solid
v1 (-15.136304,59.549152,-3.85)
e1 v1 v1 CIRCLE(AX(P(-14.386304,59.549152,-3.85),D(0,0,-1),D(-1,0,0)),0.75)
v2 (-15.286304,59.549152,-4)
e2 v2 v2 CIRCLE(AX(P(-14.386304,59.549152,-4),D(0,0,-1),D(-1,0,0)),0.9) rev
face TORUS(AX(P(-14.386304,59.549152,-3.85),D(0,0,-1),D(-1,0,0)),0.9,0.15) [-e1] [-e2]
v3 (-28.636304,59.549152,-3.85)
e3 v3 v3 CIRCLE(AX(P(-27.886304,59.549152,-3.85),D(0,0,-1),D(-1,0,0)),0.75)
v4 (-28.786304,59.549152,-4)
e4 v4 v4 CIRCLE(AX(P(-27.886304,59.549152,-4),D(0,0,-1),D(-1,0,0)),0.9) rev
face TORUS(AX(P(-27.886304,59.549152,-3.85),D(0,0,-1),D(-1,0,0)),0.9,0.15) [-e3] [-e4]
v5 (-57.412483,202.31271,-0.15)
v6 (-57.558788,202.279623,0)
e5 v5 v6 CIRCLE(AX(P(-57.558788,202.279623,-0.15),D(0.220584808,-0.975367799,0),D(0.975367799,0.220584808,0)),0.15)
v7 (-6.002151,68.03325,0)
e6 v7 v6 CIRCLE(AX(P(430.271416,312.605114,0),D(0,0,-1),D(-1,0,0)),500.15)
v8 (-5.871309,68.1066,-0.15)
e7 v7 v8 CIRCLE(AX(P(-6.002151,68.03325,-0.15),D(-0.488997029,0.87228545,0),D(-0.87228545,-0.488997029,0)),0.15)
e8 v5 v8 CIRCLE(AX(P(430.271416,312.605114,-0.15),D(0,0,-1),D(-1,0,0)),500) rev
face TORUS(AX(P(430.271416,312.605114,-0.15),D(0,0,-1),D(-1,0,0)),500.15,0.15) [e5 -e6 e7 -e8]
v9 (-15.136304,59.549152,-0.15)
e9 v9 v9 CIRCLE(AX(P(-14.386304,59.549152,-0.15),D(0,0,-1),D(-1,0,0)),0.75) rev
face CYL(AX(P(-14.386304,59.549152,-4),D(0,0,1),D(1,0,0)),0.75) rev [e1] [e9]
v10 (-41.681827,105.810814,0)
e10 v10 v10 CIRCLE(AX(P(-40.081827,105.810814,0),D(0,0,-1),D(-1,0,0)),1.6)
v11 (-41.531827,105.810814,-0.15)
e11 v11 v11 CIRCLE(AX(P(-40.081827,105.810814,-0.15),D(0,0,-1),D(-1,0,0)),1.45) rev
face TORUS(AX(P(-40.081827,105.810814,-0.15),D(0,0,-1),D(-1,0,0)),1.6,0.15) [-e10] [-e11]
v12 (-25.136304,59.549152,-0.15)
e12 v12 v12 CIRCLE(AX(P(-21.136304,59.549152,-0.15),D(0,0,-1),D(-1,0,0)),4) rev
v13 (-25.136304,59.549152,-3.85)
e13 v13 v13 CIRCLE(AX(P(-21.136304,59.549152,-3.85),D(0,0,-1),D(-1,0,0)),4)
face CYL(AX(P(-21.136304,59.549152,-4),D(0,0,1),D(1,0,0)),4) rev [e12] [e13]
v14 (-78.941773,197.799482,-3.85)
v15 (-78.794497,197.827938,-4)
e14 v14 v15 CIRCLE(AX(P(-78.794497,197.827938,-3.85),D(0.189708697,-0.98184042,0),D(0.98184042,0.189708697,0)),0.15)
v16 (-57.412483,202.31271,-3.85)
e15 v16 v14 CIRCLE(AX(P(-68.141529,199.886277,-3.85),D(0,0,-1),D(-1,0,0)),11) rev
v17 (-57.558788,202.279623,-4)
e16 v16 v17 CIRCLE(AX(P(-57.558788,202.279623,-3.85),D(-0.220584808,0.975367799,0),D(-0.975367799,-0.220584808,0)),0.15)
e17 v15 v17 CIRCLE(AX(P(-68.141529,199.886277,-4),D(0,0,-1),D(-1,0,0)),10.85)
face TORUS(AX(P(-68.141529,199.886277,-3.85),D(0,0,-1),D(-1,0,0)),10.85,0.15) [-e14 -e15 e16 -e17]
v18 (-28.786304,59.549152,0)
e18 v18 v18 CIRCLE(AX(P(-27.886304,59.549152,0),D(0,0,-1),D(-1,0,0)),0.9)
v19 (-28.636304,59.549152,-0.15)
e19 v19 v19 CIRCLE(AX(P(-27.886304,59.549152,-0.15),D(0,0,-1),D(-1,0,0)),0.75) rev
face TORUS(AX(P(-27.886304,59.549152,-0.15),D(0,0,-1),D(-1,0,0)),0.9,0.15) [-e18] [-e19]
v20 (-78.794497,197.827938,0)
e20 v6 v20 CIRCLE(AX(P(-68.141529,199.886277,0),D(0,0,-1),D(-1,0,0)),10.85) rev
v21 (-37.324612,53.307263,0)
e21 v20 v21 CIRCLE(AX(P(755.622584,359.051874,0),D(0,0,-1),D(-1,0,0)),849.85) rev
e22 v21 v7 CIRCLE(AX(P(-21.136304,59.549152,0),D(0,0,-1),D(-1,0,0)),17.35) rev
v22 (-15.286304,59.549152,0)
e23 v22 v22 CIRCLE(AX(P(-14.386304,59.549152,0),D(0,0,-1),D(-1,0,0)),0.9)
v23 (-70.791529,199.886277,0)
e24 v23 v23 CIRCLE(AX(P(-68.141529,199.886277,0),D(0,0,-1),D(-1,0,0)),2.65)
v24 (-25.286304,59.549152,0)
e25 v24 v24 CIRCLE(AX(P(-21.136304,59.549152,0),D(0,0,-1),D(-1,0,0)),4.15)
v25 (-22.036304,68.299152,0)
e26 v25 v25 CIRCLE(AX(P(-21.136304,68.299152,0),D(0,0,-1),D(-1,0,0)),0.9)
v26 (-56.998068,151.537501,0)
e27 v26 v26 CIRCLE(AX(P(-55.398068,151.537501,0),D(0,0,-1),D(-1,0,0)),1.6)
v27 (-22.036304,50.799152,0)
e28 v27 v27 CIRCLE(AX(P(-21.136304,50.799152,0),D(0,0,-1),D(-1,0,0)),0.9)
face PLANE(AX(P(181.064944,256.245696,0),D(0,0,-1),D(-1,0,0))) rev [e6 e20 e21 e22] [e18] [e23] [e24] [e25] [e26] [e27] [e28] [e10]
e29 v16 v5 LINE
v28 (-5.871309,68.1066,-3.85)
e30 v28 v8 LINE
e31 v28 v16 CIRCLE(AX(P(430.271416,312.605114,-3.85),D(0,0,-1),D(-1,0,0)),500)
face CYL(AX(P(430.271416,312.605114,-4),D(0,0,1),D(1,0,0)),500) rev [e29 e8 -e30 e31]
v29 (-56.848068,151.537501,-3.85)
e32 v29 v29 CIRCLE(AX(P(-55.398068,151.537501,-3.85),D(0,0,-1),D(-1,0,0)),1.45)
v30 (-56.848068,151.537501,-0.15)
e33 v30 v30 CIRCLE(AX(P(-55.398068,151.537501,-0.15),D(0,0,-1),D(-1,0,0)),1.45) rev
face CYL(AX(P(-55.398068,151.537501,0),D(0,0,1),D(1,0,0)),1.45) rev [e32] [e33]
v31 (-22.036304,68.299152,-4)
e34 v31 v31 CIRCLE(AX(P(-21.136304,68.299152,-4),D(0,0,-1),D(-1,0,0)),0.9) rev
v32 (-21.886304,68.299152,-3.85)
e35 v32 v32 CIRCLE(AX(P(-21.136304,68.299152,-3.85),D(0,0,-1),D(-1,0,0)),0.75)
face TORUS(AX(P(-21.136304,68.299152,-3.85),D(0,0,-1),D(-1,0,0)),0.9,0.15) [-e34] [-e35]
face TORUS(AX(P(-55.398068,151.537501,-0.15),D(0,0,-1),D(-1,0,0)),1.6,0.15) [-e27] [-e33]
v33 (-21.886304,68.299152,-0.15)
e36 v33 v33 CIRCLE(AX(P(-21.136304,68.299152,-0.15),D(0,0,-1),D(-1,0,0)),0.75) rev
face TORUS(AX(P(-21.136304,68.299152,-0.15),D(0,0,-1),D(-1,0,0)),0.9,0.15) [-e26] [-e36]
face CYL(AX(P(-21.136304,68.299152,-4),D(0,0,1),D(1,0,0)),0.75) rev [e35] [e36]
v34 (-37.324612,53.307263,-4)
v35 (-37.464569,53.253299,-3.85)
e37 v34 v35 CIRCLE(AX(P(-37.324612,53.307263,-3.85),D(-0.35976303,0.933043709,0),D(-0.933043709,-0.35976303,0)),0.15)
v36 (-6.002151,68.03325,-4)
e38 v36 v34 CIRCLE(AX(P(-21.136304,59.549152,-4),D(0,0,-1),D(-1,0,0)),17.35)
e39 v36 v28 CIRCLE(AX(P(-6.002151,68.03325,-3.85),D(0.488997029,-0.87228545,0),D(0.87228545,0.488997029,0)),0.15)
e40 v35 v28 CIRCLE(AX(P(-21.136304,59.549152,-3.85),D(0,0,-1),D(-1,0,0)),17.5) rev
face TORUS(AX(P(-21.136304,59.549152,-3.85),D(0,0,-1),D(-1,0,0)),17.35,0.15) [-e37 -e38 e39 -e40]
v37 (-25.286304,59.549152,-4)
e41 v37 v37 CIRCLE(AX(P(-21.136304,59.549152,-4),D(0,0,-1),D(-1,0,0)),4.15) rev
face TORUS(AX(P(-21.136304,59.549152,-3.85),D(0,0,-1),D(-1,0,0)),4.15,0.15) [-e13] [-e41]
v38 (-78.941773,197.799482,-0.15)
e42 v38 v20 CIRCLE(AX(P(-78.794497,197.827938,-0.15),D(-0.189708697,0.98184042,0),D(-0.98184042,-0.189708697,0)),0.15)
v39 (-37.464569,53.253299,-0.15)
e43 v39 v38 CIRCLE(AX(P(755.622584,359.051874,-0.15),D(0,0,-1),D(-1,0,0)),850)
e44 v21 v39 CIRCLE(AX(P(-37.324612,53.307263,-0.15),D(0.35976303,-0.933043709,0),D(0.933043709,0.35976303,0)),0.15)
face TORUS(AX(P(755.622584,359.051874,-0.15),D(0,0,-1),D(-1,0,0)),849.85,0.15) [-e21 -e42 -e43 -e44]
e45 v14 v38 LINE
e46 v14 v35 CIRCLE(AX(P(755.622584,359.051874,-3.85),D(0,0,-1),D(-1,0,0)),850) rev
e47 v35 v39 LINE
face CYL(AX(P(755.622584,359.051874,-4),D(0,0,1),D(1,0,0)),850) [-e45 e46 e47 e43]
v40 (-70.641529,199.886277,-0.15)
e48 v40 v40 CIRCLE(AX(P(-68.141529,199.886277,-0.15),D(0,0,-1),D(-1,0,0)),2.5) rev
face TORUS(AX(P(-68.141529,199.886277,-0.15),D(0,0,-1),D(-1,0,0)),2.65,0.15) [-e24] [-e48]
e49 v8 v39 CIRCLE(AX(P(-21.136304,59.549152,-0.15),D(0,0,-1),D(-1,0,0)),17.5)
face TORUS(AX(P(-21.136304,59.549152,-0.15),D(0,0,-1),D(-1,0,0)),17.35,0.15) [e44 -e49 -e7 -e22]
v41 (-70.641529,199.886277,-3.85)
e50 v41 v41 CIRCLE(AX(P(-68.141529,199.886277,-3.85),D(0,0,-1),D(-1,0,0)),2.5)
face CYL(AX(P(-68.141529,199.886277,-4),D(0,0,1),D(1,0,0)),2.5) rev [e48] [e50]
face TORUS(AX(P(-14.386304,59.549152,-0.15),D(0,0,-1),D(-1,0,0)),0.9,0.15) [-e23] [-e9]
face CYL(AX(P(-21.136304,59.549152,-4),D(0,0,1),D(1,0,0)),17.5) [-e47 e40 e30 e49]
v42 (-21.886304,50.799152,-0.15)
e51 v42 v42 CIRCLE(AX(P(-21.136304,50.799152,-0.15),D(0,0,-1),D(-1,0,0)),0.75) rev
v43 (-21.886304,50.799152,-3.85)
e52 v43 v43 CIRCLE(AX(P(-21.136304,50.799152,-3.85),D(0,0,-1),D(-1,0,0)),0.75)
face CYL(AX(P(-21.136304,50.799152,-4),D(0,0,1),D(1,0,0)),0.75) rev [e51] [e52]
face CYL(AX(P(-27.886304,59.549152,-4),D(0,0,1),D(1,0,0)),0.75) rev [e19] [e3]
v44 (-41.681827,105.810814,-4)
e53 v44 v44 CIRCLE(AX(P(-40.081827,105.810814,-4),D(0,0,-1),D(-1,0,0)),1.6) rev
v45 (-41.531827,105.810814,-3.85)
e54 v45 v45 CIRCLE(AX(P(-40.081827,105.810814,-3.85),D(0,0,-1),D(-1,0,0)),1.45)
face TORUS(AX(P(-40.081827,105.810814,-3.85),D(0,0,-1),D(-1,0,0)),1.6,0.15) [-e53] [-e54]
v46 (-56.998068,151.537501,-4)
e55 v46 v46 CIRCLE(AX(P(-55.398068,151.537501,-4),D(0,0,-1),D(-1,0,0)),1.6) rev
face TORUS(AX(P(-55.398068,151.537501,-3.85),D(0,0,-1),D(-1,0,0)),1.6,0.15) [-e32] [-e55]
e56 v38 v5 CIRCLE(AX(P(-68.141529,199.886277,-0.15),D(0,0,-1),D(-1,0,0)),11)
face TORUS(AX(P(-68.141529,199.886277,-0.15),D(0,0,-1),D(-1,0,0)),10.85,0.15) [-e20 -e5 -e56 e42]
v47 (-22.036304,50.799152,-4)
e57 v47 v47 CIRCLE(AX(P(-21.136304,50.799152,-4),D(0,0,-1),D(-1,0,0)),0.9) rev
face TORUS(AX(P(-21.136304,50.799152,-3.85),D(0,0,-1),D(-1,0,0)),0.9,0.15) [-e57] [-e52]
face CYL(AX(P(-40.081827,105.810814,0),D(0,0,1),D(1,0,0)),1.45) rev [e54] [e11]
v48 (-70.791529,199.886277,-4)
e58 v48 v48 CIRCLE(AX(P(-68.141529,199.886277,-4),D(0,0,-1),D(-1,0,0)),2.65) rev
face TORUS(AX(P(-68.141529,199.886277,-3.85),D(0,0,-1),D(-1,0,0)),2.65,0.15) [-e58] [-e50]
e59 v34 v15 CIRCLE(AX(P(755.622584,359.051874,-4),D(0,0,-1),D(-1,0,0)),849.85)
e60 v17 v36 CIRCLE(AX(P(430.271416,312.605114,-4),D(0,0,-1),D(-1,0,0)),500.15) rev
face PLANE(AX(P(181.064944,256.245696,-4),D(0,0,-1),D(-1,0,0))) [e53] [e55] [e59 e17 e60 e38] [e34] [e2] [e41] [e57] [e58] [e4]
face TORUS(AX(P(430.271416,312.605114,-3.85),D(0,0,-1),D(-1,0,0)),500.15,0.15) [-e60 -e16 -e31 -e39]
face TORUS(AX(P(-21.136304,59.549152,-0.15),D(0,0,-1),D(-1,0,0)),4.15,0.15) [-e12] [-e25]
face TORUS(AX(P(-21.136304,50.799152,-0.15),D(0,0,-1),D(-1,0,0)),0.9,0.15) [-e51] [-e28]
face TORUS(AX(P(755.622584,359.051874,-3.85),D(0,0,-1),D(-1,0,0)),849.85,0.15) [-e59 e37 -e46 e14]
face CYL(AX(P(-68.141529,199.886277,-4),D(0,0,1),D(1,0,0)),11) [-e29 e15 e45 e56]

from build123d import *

# Parameters (mm, degrees)
SKETCH_1_R           = 4
SKETCH_1_R_2         = 2.5
SKETCH_1_R_3         = 0.75
EXTRUDE_1_DEPTH      = 4
HOLE_WIZARD_M3_5_1_D = 2.9
FILLET_1_R           = 0.15


with BuildPart() as part:
    # 草图1 → 凸台-拉伸1 (new body)
    with BuildSketch(Plane.XY):
        with BuildLine():
            ThreePointArc((-57.41248308, 202.31271038), (-36.490544421, 133.347556284), (-5.871308636, 68.106599848))
            ThreePointArc((-5.871308636, 68.106599848), (-13.690649344, 43.712099509), (-37.46456891, 53.253298823))
            ThreePointArc((-37.46456891, 53.253298823), (-61.406032134, 124.60733653), (-78.941773485, 197.79948183))
            ThreePointArc((-78.941773485, 197.79948183), (-70.398423924, 210.652262108), (-57.41248308, 202.31271038))
        make_face()
        with Locations((-21.136304007, 59.549151844)):
            Circle(SKETCH_1_R, mode=Mode.SUBTRACT)
        with Locations((-68.141528865, 199.886277495)):
            Circle(SKETCH_1_R_2, mode=Mode.SUBTRACT)
        with Locations((-14.386304007, 59.549151844)):
            Circle(SKETCH_1_R_3, mode=Mode.SUBTRACT)
        with Locations((-21.136304007, 50.799151844)):
            Circle(SKETCH_1_R_3, mode=Mode.SUBTRACT)
        with Locations(Location((-27.886304007, 59.549151844, 0), (0, 0, 180))):
            Circle(SKETCH_1_R_3, mode=Mode.SUBTRACT)
        with Locations(Location((-21.136304007, 68.299151844, 0), (0, 0, 180))):
            Circle(SKETCH_1_R_3, mode=Mode.SUBTRACT)
    extrude(amount=-EXTRUDE_1_DEPTH)

    # M3.5 螺纹孔的螺纹孔钻头1 (through all)
    with Locations(Plane.XY):
        with Locations((-55.398068486, 151.5375007), (-40.081827184, 105.810813755)):
            Hole(HOLE_WIZARD_M3_5_1_D / 2)

    # 圆角1
    fillet_1_edges = [part.edges().sort_by_distance(p)[0] for p in [
        (-25.136304007, 59.549151844, -4),
        (-25.136304007, 59.549151844, 0),
        (-13.690649344, 43.712099509, -4),
        (-70.641528865, 199.886277495, -4),
        (-70.641528865, 199.886277495, 0),
        (-36.490544421, 133.347556284, -4),
        (-15.136304007, 59.549151844, -4),
        (-15.136304007, 59.549151844, 0),
        (-21.886304007, 50.799151844, -4),
        (-21.886304007, 50.799151844, 0),
        (-27.136304007, 59.549151844, -4),
        (-27.136304007, 59.549151844, 0),
        (-20.386304007, 68.299151844, -4),
        (-20.386304007, 68.299151844, 0),
        (-38.631827184, 105.810813755, 0),
        (-38.631827184, 105.810813755, -4),
        (-53.948068486, 151.5375007, 0),
        (-53.948068486, 151.5375007, -4),
        (-70.398423924, 210.652262108, -4),
        (-36.490544421, 133.347556284, 0),
        (-13.690649344, 43.712099509, 0),
        (-61.406032134, 124.60733653, 0),
        (-70.398423924, 210.652262108, 0),
        (-61.406032134, 124.60733653, -4),
    ]]
    fillet(fillet_1_edges, radius=FILLET_1_R)


solid = part.part
